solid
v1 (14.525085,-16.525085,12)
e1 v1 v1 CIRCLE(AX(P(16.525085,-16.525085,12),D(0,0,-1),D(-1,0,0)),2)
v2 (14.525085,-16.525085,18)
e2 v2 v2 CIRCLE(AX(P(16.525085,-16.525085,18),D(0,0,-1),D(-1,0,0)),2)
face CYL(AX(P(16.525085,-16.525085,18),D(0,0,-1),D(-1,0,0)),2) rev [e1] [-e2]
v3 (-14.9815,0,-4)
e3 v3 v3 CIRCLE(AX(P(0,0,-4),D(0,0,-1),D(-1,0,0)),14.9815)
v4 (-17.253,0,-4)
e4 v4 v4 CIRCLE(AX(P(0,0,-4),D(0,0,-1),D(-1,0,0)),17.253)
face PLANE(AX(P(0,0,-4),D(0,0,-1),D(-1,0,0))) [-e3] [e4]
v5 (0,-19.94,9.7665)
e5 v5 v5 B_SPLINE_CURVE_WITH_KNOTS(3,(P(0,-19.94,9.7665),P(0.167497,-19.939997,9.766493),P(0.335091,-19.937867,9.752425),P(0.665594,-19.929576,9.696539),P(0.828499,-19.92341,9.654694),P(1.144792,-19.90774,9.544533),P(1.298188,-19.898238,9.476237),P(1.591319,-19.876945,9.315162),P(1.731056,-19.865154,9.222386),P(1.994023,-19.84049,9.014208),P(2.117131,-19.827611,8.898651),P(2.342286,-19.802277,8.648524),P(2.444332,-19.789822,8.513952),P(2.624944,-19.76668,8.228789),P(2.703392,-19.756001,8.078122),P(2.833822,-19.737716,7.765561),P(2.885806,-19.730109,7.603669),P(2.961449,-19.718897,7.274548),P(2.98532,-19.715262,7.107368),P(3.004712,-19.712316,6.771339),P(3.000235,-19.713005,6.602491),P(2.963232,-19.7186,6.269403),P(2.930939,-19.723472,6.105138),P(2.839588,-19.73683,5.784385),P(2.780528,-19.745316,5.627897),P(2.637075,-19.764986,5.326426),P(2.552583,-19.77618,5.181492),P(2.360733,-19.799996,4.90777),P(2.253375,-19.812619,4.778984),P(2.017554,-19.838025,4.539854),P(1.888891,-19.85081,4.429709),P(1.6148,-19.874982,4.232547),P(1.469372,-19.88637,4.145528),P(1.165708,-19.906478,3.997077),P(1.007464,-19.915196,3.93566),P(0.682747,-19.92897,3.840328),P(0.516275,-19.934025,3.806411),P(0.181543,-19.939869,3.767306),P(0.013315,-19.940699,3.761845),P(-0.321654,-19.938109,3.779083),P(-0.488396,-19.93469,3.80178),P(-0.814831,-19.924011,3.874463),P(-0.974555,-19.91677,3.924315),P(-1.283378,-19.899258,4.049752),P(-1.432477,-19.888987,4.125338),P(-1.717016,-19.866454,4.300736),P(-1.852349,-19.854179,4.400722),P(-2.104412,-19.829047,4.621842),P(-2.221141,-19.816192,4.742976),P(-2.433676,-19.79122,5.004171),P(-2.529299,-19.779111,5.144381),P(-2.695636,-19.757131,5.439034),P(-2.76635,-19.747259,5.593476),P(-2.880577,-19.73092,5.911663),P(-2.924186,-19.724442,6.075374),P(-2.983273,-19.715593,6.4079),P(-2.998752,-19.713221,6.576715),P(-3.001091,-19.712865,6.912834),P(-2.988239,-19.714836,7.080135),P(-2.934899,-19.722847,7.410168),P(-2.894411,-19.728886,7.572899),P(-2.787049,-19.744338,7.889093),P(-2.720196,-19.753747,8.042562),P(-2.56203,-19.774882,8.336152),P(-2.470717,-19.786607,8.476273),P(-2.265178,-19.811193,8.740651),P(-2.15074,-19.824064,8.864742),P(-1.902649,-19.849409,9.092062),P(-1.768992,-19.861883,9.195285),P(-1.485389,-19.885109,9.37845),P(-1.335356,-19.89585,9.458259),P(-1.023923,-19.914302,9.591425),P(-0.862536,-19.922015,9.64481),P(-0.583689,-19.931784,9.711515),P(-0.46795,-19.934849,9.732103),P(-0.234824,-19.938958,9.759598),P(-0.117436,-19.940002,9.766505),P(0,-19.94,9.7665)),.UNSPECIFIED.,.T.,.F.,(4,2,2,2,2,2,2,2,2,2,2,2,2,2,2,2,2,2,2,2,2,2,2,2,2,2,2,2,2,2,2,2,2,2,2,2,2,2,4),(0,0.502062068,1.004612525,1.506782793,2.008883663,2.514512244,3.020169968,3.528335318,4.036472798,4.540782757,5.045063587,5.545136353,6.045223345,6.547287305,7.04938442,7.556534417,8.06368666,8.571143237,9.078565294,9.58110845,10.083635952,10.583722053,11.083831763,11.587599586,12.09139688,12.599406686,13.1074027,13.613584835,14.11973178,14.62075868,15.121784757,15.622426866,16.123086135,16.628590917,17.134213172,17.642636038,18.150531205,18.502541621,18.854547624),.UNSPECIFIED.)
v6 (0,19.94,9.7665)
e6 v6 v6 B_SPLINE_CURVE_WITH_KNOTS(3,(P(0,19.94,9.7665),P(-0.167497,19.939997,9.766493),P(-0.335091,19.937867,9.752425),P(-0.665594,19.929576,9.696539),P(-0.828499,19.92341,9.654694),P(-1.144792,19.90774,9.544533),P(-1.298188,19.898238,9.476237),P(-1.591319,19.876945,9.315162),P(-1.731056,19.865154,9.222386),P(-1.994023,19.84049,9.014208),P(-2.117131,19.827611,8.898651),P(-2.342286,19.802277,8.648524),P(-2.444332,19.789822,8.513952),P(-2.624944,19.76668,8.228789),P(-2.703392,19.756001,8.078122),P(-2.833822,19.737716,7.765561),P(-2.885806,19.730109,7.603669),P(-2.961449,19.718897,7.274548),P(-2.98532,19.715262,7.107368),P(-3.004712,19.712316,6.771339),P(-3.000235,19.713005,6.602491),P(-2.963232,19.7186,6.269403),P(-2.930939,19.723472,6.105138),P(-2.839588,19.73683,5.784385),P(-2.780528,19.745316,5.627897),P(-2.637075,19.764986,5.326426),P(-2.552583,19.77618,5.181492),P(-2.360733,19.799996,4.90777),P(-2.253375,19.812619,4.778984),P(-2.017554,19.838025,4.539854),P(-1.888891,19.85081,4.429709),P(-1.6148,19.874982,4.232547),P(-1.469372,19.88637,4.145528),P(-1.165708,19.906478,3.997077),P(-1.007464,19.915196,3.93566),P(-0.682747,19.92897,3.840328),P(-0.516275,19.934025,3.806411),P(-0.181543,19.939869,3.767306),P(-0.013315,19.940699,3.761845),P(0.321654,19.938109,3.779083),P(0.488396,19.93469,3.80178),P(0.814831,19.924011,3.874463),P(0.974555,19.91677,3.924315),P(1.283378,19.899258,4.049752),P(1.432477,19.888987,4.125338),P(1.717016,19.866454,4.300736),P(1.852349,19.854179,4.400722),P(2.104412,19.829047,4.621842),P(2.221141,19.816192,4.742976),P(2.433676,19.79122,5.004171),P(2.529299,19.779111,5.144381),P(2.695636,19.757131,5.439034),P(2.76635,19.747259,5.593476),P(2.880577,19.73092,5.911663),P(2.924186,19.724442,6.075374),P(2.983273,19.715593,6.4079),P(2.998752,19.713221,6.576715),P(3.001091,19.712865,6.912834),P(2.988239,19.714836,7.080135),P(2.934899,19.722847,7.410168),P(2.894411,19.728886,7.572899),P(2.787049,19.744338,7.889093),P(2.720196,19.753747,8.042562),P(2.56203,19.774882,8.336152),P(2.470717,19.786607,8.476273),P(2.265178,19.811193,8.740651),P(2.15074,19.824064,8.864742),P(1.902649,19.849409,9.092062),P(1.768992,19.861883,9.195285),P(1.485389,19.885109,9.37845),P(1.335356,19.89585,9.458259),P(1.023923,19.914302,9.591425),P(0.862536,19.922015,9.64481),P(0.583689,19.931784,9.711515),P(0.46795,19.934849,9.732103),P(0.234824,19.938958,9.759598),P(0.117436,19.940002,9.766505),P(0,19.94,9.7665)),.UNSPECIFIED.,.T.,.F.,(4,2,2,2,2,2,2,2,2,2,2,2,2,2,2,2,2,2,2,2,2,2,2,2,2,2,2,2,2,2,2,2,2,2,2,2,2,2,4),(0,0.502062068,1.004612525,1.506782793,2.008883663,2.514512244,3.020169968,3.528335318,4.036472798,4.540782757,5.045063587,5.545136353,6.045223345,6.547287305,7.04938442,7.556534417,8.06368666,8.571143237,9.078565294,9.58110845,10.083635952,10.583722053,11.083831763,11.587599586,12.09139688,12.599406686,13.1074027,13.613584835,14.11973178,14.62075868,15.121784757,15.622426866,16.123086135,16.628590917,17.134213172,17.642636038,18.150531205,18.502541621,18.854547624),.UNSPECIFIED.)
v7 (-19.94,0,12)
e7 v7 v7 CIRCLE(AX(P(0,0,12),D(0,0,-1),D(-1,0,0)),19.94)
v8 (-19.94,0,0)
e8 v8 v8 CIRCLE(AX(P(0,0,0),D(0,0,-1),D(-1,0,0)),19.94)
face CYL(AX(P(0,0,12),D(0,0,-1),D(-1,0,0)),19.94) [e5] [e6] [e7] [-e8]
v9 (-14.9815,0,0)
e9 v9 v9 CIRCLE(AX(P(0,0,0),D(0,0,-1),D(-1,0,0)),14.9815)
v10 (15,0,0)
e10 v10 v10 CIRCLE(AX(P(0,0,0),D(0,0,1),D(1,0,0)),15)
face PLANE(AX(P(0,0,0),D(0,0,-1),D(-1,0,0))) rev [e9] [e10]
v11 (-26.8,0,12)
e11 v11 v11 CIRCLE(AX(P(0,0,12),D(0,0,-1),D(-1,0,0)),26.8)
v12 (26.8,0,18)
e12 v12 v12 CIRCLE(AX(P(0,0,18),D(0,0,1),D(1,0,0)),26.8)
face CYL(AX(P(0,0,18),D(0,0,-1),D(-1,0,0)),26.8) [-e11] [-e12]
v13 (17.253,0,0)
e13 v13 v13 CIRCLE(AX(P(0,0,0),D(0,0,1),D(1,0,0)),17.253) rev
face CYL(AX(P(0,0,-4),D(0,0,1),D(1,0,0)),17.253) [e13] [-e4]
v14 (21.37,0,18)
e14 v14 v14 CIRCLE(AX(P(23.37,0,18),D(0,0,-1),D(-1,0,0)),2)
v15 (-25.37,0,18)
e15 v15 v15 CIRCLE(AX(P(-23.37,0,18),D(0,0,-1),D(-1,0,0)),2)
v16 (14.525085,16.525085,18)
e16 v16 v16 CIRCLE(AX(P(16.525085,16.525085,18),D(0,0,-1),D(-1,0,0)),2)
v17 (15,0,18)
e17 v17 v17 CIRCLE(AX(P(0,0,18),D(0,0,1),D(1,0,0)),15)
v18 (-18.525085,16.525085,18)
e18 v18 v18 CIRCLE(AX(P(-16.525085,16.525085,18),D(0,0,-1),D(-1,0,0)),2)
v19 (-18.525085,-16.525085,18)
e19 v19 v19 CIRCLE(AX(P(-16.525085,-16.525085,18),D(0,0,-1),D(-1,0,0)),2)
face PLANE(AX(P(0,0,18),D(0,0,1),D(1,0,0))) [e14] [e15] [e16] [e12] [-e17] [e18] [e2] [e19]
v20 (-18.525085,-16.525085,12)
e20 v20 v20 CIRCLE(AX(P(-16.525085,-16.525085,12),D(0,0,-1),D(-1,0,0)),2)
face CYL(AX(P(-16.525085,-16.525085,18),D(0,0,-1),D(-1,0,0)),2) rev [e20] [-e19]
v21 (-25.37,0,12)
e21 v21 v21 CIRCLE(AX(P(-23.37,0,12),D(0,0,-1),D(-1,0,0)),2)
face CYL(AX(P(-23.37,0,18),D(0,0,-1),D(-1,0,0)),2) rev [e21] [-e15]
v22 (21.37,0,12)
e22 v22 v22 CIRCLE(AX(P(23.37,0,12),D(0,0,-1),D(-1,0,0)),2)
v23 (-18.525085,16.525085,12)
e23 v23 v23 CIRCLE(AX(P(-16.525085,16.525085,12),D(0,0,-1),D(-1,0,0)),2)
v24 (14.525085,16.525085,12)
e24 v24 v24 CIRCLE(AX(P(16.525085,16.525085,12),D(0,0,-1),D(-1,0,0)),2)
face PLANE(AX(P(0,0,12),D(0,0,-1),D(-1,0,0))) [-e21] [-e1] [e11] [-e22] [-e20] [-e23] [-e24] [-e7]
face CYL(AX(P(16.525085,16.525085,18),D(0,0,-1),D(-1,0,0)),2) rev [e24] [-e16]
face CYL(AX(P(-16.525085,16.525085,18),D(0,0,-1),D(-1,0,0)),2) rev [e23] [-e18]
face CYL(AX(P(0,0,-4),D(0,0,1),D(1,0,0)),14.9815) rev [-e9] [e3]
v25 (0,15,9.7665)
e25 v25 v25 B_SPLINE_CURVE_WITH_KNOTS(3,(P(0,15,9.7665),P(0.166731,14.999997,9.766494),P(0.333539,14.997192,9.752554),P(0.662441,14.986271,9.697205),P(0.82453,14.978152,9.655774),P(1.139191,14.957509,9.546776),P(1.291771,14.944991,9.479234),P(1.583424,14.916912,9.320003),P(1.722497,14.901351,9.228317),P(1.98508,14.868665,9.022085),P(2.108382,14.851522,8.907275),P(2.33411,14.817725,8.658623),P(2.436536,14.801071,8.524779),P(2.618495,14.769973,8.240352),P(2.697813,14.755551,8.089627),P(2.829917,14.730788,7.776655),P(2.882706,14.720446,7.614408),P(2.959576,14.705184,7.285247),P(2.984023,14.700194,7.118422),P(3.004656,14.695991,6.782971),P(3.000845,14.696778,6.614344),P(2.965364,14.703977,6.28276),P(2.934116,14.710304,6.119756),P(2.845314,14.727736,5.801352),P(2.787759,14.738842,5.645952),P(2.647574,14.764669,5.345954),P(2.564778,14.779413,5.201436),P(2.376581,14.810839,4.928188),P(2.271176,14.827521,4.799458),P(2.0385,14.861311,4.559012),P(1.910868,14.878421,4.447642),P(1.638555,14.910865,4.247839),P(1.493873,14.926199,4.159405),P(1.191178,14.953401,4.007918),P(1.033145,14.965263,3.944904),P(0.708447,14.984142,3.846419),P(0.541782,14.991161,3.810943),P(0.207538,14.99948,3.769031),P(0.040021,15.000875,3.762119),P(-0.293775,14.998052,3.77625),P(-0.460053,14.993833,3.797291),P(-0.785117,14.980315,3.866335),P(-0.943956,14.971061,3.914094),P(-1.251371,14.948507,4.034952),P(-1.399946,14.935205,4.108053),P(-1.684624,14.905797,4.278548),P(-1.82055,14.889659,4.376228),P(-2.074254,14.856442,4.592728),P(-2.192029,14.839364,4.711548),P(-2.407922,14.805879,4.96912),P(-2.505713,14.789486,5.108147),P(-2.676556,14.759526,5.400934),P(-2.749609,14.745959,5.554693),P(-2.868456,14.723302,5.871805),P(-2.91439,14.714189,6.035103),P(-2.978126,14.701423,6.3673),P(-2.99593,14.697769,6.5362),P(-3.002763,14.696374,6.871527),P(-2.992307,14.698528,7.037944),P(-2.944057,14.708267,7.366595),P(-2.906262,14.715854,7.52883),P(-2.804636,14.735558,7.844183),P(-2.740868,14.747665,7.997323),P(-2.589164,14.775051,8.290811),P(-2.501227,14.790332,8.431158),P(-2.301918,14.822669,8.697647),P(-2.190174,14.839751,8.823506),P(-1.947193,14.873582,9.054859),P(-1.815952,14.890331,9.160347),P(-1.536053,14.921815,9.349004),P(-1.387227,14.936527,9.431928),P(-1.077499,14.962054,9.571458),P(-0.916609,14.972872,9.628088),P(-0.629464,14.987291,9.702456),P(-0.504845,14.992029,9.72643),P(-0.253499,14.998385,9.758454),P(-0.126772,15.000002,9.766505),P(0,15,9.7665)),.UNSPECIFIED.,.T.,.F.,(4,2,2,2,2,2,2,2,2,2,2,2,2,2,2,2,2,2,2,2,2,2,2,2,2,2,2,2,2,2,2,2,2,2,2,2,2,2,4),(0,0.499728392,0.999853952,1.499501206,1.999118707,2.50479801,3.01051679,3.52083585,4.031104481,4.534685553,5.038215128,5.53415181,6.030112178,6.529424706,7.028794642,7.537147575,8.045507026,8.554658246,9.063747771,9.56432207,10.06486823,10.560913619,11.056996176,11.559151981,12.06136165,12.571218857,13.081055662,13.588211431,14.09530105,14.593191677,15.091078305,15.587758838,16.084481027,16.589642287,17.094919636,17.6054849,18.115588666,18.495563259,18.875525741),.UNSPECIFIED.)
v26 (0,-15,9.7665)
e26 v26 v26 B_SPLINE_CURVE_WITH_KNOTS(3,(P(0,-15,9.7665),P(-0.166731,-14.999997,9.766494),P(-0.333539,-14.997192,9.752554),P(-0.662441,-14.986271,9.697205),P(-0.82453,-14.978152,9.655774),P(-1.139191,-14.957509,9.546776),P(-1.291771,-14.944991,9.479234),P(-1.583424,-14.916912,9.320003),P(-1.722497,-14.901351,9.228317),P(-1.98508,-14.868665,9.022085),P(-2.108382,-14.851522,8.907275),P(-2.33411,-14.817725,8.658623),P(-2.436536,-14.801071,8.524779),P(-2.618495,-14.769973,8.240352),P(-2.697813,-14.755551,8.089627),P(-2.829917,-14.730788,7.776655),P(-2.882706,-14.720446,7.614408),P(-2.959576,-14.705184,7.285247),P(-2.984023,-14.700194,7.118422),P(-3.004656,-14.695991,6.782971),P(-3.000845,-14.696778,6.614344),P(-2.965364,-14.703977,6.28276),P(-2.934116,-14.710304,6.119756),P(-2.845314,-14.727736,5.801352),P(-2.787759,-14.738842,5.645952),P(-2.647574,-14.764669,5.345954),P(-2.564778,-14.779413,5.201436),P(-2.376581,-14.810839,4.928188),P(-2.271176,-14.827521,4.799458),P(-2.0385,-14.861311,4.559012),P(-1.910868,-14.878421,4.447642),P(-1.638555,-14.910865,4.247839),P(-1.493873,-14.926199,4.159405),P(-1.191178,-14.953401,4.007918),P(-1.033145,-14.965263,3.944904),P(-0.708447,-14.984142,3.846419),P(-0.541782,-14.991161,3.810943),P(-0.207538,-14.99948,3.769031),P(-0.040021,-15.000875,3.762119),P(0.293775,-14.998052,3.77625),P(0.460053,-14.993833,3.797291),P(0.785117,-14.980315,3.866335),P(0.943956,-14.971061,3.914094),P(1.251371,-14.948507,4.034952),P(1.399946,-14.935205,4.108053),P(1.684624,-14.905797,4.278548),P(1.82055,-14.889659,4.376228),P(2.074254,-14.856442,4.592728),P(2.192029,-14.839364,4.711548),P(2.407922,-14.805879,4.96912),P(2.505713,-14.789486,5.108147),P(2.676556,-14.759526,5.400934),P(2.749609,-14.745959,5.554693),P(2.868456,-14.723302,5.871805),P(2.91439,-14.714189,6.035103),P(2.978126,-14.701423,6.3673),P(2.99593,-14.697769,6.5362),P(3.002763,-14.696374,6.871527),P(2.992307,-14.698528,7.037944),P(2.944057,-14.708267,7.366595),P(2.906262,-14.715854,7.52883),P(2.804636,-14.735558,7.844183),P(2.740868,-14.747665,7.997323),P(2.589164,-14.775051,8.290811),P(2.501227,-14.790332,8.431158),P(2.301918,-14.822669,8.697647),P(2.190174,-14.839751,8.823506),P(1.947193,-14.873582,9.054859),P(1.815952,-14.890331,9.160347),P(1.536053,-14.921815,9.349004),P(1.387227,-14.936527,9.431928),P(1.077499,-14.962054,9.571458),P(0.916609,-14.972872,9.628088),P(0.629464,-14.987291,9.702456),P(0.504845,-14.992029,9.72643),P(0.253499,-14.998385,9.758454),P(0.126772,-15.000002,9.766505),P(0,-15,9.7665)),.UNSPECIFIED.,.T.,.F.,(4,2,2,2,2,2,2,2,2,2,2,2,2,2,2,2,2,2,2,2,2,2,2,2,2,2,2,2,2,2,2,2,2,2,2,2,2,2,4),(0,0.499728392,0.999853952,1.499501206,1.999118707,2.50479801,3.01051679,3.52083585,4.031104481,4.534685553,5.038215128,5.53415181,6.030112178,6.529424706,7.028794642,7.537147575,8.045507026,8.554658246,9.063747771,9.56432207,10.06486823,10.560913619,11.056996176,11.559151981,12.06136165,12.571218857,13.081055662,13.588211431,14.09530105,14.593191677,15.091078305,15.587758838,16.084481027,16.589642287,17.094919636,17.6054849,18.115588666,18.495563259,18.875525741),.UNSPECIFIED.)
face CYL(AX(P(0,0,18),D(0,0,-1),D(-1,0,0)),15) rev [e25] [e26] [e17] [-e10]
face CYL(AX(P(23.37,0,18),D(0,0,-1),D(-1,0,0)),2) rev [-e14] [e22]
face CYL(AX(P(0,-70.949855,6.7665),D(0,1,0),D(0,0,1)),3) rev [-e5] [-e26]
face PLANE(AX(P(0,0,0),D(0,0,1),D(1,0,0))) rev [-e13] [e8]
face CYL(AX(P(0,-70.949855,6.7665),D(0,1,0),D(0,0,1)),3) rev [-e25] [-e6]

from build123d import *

# Parameters (mm, degrees)
SKETCH_1_R          = 26.8
SKETCH_1_R_2        = 15
EXTRUDE_1_DEPTH     = 18
SKETCH_2_R          = 17.253
SKETCH_2_R_2        = 14.981500248
EXTRUDE_2_DEPTH     = 4
SKETCH_3_R          = 26.8
SKETCH_3_R_2        = 19.94
CUT_EXTRUDE_3_DEPTH = 12
SKETCH_5_R          = 2
CUT_EXTRUDE_4_DEPTH = 42.139761788
SKETCH_7_R          = 3
CUT_EXTRUDE_8_DEPTH = 100


with BuildPart() as part:
    # Эскиз1 → Вытянуть1 (new body)
    with BuildSketch(Plane.XY):
        Circle(SKETCH_1_R)
        Circle(SKETCH_1_R_2, mode=Mode.SUBTRACT)
    extrude(amount=EXTRUDE_1_DEPTH)

    # Эскиз2 → Вытянуть2 (add)
    with BuildSketch(Plane(origin=(0, 0, 0), x_dir=(-1, 0, 0), z_dir=(0, 0, -1))):
        with Locations(Location((0, 0, 0), (0, 0, 180))):
            Circle(SKETCH_2_R)
        Circle(SKETCH_2_R_2, mode=Mode.SUBTRACT)
    extrude(amount=EXTRUDE_2_DEPTH)

    # Эскиз3 → Вытянуть3 (cut)
    with BuildSketch(Plane(origin=(0, 0, 0), x_dir=(-1, 0, 0), z_dir=(0, 0, -1))):
        Circle(SKETCH_3_R)
        Circle(SKETCH_3_R_2, mode=Mode.SUBTRACT)
    extrude(amount=-CUT_EXTRUDE_3_DEPTH, mode=Mode.SUBTRACT)

    # Эскиз5 → Вытянуть4 (cut, through all)
    with BuildSketch(Plane(origin=(0, 0, 12), x_dir=(-1, 0, 0), z_dir=(0, 0, -1))):
        with Locations((-23.37, 0)):
            Circle(SKETCH_5_R)
        with Locations((-16.525085476, 16.525085476)):
            Circle(SKETCH_5_R)
        with Locations((16.525085476, 16.525085476)):
            Circle(SKETCH_5_R)
        with Locations((23.37, 0)):
            Circle(SKETCH_5_R)
        with Locations((16.525085476, -16.525085476)):
            Circle(SKETCH_5_R)
        with Locations((-16.525085476, -16.525085476)):
            Circle(SKETCH_5_R)
    extrude(amount=-CUT_EXTRUDE_4_DEPTH, mode=Mode.SUBTRACT)

    # Эскиз7 → Вытянуть8 (cut)
    with BuildSketch(Plane(origin=(0, 29.05014473, 12), x_dir=(1, 0, 0), z_dir=(0, -1, 0))):
        with Locations(Location((0, -5.233499887, 0), (0, 0, 90))):
            Circle(SKETCH_7_R)
    extrude(amount=CUT_EXTRUDE_8_DEPTH, mode=Mode.SUBTRACT)


solid = part.part
